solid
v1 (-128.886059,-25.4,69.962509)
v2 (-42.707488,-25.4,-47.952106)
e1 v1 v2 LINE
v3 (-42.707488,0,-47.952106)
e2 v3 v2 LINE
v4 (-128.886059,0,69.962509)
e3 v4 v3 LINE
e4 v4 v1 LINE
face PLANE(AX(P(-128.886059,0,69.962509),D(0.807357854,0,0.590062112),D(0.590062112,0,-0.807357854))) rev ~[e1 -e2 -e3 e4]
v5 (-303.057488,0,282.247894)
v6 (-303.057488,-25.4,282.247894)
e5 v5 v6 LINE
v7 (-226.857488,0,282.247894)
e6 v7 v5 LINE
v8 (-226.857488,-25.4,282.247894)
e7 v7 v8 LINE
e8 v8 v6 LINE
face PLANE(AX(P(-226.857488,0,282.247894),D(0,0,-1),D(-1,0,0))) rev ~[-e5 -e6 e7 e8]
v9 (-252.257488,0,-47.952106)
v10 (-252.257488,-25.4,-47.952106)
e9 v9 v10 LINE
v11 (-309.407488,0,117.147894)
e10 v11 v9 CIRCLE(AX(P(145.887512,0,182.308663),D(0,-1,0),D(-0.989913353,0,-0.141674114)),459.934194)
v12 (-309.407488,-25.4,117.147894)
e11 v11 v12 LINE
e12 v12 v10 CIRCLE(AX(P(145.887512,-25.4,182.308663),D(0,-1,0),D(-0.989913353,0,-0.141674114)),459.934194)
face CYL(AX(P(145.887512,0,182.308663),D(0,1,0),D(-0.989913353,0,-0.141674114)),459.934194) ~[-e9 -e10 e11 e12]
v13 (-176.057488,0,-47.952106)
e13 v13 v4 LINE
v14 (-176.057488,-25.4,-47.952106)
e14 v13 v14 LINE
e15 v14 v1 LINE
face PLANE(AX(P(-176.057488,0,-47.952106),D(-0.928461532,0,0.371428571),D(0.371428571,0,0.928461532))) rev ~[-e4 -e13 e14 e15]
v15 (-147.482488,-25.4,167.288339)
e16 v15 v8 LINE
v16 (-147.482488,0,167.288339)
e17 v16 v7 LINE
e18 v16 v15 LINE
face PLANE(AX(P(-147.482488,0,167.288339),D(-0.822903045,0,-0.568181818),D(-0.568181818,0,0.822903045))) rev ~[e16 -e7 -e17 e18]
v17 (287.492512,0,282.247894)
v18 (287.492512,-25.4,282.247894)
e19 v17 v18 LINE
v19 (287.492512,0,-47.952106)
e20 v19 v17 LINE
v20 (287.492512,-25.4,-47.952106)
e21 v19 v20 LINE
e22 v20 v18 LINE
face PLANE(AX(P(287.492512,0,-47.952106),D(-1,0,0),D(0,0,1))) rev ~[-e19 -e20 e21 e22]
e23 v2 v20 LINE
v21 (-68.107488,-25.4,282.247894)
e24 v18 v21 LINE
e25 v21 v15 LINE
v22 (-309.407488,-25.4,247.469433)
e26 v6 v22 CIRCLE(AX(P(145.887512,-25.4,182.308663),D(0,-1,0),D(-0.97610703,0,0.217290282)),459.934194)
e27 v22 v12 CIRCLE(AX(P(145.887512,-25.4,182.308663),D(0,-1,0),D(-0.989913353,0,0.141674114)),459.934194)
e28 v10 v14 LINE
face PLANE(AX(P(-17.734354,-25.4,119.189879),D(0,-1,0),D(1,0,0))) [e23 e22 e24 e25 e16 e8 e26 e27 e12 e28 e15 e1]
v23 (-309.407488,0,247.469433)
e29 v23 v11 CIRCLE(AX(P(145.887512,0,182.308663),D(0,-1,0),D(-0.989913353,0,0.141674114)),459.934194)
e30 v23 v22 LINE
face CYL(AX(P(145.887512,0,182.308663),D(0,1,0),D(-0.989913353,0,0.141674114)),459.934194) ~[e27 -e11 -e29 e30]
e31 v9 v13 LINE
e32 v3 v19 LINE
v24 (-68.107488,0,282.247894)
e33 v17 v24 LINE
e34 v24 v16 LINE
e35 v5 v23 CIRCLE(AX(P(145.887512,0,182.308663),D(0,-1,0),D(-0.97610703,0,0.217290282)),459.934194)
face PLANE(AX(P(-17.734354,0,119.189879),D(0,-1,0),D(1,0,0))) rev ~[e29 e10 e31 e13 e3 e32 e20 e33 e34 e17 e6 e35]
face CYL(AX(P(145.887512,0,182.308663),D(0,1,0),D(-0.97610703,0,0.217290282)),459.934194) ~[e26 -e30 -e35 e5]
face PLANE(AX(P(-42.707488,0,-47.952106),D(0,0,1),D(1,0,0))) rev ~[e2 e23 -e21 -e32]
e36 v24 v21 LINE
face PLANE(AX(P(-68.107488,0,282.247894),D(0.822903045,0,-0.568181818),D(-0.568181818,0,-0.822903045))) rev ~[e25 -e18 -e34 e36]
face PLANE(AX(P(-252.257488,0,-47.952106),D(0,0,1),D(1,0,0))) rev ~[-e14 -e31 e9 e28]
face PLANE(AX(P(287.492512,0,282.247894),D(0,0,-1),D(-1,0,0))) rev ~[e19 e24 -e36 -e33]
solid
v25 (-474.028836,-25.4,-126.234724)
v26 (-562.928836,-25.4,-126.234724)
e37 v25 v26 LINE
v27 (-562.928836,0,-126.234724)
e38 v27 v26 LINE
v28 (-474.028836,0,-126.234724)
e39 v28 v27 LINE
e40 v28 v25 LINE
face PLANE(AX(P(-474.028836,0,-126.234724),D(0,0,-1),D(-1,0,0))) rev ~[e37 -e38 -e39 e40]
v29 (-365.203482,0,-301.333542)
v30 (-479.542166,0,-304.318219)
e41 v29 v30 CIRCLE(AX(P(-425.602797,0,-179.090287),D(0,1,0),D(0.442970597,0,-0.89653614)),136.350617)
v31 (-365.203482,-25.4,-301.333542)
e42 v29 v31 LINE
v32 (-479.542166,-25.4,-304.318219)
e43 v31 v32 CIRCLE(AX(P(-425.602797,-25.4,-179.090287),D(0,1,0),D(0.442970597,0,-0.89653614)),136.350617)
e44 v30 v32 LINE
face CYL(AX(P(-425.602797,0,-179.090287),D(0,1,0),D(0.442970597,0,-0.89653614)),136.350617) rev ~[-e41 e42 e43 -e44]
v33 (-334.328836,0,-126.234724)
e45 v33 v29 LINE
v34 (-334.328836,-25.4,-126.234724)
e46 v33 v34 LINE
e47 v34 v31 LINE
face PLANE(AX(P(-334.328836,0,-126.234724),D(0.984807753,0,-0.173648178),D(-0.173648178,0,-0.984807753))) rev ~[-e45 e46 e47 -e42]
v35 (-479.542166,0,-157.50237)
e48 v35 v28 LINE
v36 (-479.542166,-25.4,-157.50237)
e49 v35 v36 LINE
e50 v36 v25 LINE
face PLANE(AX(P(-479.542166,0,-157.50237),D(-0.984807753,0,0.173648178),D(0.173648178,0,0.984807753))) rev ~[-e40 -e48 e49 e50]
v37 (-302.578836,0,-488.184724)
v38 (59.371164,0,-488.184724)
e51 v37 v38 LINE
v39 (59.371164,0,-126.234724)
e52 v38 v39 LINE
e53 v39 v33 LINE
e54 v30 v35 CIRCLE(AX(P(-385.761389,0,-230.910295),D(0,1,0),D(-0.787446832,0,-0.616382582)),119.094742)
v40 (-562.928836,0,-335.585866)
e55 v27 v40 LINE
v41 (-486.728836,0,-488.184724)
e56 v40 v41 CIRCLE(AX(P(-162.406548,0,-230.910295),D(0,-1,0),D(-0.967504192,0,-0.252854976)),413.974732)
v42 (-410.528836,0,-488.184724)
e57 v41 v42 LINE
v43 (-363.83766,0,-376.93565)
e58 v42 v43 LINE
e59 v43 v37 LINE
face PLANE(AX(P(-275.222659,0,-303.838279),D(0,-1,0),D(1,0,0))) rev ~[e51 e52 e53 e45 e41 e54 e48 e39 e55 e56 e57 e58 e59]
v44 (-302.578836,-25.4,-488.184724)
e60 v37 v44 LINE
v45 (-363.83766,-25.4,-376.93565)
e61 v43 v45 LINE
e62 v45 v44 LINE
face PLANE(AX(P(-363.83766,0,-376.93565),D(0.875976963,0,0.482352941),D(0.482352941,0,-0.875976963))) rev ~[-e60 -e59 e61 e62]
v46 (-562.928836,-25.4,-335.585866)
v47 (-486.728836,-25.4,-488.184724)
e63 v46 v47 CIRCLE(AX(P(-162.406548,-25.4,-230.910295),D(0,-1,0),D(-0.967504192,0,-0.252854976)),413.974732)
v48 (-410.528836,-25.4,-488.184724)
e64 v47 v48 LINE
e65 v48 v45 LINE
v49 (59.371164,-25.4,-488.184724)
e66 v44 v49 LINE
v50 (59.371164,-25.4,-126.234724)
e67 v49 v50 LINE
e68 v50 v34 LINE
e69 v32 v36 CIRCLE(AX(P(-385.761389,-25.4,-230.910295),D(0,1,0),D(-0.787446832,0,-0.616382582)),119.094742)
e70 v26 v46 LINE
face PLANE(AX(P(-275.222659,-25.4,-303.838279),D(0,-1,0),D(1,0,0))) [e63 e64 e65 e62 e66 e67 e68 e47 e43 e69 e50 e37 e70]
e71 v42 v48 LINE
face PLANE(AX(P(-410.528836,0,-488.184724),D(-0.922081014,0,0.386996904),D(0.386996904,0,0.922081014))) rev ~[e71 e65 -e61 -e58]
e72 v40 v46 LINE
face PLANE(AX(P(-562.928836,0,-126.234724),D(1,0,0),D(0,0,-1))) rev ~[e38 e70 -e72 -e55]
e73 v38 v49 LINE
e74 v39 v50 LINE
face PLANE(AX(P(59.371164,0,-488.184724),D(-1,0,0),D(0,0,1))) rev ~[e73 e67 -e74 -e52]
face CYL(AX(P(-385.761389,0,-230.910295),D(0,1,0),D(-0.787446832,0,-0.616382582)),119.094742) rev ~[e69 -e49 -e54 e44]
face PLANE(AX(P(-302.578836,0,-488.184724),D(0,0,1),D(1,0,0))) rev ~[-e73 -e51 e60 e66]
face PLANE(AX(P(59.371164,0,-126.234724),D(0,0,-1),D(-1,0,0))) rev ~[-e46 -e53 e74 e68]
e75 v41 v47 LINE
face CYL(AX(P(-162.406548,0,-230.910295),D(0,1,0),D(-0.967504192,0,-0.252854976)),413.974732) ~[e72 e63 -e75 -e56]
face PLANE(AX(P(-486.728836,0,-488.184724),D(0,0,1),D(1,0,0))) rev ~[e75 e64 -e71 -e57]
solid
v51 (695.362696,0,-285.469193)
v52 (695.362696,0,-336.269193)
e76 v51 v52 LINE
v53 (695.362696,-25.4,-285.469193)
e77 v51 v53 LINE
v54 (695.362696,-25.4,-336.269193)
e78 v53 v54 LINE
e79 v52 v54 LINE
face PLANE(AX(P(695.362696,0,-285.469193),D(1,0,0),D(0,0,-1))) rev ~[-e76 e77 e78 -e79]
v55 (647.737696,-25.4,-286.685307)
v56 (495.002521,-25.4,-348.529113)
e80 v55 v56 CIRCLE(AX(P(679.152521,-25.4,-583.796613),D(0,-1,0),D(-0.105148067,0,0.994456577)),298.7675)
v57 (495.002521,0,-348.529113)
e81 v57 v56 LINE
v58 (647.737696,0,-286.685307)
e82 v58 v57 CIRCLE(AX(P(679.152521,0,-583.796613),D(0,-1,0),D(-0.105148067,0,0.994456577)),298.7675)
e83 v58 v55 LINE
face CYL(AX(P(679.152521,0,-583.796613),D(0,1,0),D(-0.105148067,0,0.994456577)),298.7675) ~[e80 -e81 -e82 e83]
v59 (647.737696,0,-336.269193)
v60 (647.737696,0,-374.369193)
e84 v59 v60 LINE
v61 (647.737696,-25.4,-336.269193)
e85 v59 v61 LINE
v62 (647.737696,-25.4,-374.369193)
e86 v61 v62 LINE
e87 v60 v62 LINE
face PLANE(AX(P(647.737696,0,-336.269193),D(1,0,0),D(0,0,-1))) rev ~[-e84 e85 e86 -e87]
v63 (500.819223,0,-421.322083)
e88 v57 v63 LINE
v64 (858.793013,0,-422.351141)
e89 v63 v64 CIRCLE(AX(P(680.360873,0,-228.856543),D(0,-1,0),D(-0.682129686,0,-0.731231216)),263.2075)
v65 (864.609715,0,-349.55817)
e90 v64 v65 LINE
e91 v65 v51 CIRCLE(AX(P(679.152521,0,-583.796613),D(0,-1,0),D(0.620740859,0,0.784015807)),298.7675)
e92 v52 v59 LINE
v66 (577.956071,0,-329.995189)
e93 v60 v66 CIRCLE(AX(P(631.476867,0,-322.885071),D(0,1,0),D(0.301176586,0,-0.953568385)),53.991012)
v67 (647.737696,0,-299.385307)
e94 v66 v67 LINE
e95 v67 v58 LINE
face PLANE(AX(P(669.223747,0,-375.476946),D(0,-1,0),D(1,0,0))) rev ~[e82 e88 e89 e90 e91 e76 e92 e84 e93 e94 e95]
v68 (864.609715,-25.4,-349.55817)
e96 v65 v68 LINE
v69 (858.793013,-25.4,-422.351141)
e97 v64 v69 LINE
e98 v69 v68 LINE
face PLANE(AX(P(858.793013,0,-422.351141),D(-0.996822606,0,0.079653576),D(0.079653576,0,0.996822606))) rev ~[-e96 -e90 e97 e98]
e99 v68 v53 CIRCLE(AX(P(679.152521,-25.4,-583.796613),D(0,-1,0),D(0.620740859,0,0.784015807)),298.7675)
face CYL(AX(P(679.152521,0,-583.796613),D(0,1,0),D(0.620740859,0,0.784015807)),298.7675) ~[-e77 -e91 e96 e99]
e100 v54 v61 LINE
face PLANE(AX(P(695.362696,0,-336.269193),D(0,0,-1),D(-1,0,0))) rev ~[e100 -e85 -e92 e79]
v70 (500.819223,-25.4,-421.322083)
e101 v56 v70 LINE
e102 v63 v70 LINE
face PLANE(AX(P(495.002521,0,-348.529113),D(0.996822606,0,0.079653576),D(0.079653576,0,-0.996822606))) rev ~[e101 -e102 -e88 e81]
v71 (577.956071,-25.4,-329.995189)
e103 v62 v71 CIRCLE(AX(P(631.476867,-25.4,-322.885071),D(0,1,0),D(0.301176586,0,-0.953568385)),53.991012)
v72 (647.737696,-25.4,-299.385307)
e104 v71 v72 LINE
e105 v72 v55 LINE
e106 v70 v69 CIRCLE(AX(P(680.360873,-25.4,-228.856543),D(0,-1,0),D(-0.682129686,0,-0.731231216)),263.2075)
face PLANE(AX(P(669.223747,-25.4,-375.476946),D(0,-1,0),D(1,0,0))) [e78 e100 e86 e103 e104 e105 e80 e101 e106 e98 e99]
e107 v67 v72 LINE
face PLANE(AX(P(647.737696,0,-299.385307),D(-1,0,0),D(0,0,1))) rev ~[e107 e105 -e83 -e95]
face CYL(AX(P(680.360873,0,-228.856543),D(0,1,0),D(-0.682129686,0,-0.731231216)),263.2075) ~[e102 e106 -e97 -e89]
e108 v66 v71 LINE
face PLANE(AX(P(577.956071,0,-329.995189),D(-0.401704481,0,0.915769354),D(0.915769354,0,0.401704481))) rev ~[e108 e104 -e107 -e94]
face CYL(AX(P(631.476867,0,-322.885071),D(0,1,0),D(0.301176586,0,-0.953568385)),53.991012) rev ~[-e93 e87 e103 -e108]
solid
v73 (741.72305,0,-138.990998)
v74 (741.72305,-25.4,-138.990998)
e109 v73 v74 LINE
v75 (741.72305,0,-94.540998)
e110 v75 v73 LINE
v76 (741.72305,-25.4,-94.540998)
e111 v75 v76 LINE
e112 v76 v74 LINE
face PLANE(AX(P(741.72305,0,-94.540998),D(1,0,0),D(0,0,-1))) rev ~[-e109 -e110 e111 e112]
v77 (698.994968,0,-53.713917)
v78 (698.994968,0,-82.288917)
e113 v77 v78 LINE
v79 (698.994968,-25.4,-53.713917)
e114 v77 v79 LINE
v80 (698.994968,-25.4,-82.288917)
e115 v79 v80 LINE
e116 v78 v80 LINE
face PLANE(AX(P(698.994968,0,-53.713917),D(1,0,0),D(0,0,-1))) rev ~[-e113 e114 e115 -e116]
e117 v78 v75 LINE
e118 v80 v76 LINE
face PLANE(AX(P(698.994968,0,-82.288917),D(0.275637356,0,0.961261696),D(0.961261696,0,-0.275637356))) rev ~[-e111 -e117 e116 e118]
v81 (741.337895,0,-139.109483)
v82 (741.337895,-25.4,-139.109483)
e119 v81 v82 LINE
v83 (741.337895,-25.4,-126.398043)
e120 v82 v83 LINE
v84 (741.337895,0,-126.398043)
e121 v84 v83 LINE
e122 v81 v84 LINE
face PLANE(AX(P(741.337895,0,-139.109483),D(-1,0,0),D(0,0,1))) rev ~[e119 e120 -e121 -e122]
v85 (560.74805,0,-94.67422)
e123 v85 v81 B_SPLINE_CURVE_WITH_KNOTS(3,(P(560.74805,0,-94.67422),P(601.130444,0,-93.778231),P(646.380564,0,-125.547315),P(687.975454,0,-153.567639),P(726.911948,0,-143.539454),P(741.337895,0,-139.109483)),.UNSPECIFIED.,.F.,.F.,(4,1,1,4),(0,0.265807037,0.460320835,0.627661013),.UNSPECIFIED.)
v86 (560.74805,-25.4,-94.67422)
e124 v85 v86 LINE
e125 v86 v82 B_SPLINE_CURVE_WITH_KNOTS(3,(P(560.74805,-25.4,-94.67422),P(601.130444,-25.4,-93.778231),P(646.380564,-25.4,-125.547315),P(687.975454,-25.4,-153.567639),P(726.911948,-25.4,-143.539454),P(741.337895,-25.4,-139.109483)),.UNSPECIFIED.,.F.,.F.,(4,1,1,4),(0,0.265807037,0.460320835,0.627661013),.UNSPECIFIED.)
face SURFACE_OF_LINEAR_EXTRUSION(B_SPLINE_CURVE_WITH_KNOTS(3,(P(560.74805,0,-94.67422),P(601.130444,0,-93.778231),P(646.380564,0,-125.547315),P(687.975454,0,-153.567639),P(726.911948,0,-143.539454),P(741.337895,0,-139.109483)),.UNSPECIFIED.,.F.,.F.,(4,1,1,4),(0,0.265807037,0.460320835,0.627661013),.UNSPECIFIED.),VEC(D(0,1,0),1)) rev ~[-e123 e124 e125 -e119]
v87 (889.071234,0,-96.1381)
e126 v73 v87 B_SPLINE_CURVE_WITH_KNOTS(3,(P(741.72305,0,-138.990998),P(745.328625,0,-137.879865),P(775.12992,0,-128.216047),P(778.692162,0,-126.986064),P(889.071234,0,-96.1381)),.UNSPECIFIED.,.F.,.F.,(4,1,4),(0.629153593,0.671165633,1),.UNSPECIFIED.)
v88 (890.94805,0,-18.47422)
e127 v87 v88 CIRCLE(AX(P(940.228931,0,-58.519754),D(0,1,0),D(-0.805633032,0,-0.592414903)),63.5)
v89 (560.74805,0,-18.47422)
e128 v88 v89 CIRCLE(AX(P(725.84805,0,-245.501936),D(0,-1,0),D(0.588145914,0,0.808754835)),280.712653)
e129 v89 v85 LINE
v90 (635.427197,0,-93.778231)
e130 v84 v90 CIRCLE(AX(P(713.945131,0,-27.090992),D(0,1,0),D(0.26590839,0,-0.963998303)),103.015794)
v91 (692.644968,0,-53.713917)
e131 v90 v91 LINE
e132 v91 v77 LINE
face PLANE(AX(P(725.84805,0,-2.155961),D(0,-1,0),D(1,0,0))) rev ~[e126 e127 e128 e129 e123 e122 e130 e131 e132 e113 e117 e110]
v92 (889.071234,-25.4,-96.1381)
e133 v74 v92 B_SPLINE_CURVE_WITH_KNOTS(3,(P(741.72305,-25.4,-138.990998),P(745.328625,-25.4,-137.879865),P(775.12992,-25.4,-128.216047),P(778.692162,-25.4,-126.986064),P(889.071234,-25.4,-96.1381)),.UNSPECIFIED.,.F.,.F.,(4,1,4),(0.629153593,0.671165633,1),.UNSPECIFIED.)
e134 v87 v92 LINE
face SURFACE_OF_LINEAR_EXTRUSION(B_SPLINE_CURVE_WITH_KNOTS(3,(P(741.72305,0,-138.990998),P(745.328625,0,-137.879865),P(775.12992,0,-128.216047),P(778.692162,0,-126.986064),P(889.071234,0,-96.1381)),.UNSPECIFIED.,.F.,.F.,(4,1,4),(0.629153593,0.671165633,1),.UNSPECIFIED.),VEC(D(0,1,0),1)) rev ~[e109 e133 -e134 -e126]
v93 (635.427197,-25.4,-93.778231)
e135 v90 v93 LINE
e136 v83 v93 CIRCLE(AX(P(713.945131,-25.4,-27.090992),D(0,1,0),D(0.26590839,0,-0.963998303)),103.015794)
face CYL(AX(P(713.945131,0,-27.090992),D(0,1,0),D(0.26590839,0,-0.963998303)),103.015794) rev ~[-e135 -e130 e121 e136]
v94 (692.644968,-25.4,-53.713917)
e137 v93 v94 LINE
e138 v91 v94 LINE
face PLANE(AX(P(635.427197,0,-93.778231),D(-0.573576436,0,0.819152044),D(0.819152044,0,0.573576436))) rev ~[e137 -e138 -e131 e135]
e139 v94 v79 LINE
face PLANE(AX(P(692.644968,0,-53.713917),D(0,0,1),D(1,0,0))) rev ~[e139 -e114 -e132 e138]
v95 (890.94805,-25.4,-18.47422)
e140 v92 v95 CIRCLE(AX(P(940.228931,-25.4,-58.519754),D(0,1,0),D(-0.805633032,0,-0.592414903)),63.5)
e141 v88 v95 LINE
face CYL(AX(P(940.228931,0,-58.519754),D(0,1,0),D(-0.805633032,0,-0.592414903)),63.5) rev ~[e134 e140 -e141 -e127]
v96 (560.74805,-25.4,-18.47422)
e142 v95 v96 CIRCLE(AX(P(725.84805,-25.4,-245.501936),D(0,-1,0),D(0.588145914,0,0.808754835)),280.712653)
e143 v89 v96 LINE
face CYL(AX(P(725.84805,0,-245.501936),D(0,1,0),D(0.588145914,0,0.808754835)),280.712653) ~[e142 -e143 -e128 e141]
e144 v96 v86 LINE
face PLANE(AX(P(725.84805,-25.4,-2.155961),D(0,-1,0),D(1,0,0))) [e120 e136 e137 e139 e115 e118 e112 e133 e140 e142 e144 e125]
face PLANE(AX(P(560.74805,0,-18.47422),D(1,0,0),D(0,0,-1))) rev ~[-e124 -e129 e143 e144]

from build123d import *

# Parameters (mm, degrees)
F1_DEPTH = 25.4
F3_DEPTH = 25.4
F5_DEPTH = 25.4
F7_DEPTH = 25.4


with BuildPart() as f1:
    # F0 (on Front) → F1 (new body)
    with BuildSketch(Plane.XZ):
        with BuildLine():
            Line((-226.8574877262, 282.2478941011), (-303.0574877262, 282.2478941011))
            ThreePointArc((-303.0574877262, 282.2478941011), (-306.5667724299, 264.9196984604), (-309.4074877262, 247.4694325626))
            Line((-309.4074877262, 247.4694325626), (-309.4074877262, 117.1478941011))
            ThreePointArc((-309.4074877262, 117.1478941011), (-288.7438958182, 31.8593297616), (-252.2574877262, -47.9521058989))
            Line((-252.2574877262, -47.9521058989), (-176.0574877262, -47.9521058989))
            Line((-176.0574877262, -47.9521058989), (-128.8860591548, 69.9625086598))
            Line((-128.8860591548, 69.9625086598), (-42.7074877262, -47.9521058989))
            Line((-42.7074877262, -47.9521058989), (287.4925122738, -47.9521058989))
            Line((287.4925122738, -47.9521058989), (287.4925122738, 282.2478941011))
            Line((287.4925122738, 282.2478941011), (-68.1074877262, 282.2478941011))
            Line((-68.1074877262, 282.2478941011), (-147.4824877262, 167.2883387132))
            Line((-147.4824877262, 167.2883387132), (-226.8574877262, 282.2478941011))
        make_face()
        with BuildLine():
            Line((-309.4074877262, 117.1478941011), (-309.4074877262, 247.4694325626))
            ThreePointArc((-309.4074877262, 247.4694325626), (-314.0466817929, 182.3086633319), (-309.4074877262, 117.1478941011))
        make_face()
    extrude(amount=F1_DEPTH)


with BuildPart() as f3:
    # F2 (on Front) → F3 (new body)
    with BuildSketch(Plane.XZ):
        with BuildLine():
            Line((-474.0288363537, -126.2347238485), (-562.9288363537, -126.2347238485))
            Line((-562.9288363537, -126.2347238485), (-562.9288363537, -335.5858655814))
            ThreePointArc((-562.9288363537, -335.5858655814), (-532.7732824419, -415.8523413809), (-486.7288363537, -488.1847238485))
            Line((-486.7288363537, -488.1847238485), (-410.5288363537, -488.1847238485))
            Line((-410.5288363537, -488.1847238485), (-363.8376598831, -376.9356495162))
            Line((-363.8376598831, -376.9356495162), (-302.5788363537, -488.1847238485))
            Line((-302.5788363537, -488.1847238485), (59.3711636463, -488.1847238485))
            Line((59.3711636463, -488.1847238485), (59.3711636463, -126.2347238485))
            Line((59.3711636463, -126.2347238485), (-334.3288363537, -126.2347238485))
            Line((-334.3288363537, -126.2347238485), (-365.2034823429, -301.3335423341))
            ThreePointArc((-365.2034823429, -301.3335423341), (-422.0447358567, -315.3944719189), (-479.5421659946, -304.3182194233))
            ThreePointArc((-479.5421659946, -304.3182194233), (-504.8561307828, -230.910294715), (-479.5421659946, -157.5023700066))
            Line((-479.5421659946, -157.5023700066), (-474.0288363537, -126.2347238485))
        make_face()
    extrude(amount=F3_DEPTH)


with BuildPart() as f5:
    # F4 (on Front) → F5 (new body)
    with BuildSketch(Plane.XZ):
        with BuildLine():
            ThreePointArc((890.948049928, -18.4742202407), (725.848049928, 35.2107173548), (560.748049928, -18.4742202407))
            Line((560.748049928, -18.4742202407), (890.948049928, -18.4742202407))
        make_face()
        with BuildLine():
            Line((890.948049928, -18.4742202407), (560.748049928, -18.4742202407))
            Line((560.748049928, -18.4742202407), (560.748049928, -94.6742202407))
            add(Edge.make_bspline(
                [(560.748049928, -94.6742202407), (601.1304439834, -93.7782313596), (646.3805642348, -125.5473149903), (687.975454314, -153.5676392723), (726.9119481945, -143.5394538796), (741.3378953524, -139.1094826053)],
                knots=[0, 0, 0, 0, 0.2658070371, 0.4603208353, 0.6276610129, 0.6276610129, 0.6276610129, 0.6276610129], degree=3))
            Line((741.3378953524, -139.1094826053), (741.3378953524, -126.3980430136))
            ThreePointArc((741.3378953524, -126.3980430136), (683.622552597, -125.5429859615), (635.42719725, -93.7782313596))
            Line((635.42719725, -93.7782313596), (692.6449675436, -53.7139172805))
            Line((692.6449675436, -53.7139172805), (698.9949675436, -53.7139172805))
            Line((698.9949675436, -53.7139172805), (698.9949675436, -82.2889172805))
            Line((698.9949675436, -82.2889172805), (741.723049928, -94.5409977465))
            Line((741.723049928, -94.5409977465), (741.723049928, -126.2909977465))
            Line((741.723049928, -126.2909977465), (741.723049928, -138.9909977465))
            add(Edge.make_bspline(
                [(741.723049928, -138.9909977465), (745.3286248944, -137.8798650124), (775.1299197445, -128.2160469879), (778.6921623391, -126.9860638749), (889.0712335415, -96.1381000441)],
                knots=[0.6291535927, 0.6291535927, 0.6291535927, 0.6291535927, 0.6711656331, 1, 1, 1, 1], degree=3))
            ThreePointArc((889.0712335415, -96.1381000441), (876.7474646635, -56.9856678967), (890.948049928, -18.4742202407))
        make_face()
    extrude(amount=F5_DEPTH)


with BuildPart() as f7:
    # F6 (on Front) → F7 (new body)
    with BuildSketch(Plane.XZ):
        with BuildLine():
            ThreePointArc((647.7376957216, -286.6853071554), (567.0221836557, -306.8691734898), (495.0025209049, -348.5291125864))
            Line((495.0025209049, -348.5291125864), (500.8192232756, -421.3220833908))
            ThreePointArc((500.8192232756, -421.3220833908), (679.6042404484, -492.0629554948), (858.7930130333, -422.3511406348))
            Line((858.7930130333, -422.3511406348), (864.609715404, -349.5581698304))
            ThreePointArc((864.609715404, -349.5581698304), (784.9555511077, -304.3905678126), (695.3626957216, -285.4691929806))
            Line((695.3626957216, -285.4691929806), (695.3626957216, -336.2691929806))
            Line((695.3626957216, -336.2691929806), (647.7376957216, -336.2691929806))
            Line((647.7376957216, -336.2691929806), (647.7376957216, -374.3691929806))
            ThreePointArc((647.7376957216, -374.3691929806), (602.5055129428, -368.4448121137), (577.9560709508, -329.9951886373))
            Line((577.9560709508, -329.9951886373), (647.7376957216, -299.3853071554))
            Line((647.7376957216, -299.3853071554), (647.7376957216, -286.6853071554))
        make_face()
    extrude(amount=F7_DEPTH)


solid = Compound([f1.part, f3.part, f5.part, f7.part])
